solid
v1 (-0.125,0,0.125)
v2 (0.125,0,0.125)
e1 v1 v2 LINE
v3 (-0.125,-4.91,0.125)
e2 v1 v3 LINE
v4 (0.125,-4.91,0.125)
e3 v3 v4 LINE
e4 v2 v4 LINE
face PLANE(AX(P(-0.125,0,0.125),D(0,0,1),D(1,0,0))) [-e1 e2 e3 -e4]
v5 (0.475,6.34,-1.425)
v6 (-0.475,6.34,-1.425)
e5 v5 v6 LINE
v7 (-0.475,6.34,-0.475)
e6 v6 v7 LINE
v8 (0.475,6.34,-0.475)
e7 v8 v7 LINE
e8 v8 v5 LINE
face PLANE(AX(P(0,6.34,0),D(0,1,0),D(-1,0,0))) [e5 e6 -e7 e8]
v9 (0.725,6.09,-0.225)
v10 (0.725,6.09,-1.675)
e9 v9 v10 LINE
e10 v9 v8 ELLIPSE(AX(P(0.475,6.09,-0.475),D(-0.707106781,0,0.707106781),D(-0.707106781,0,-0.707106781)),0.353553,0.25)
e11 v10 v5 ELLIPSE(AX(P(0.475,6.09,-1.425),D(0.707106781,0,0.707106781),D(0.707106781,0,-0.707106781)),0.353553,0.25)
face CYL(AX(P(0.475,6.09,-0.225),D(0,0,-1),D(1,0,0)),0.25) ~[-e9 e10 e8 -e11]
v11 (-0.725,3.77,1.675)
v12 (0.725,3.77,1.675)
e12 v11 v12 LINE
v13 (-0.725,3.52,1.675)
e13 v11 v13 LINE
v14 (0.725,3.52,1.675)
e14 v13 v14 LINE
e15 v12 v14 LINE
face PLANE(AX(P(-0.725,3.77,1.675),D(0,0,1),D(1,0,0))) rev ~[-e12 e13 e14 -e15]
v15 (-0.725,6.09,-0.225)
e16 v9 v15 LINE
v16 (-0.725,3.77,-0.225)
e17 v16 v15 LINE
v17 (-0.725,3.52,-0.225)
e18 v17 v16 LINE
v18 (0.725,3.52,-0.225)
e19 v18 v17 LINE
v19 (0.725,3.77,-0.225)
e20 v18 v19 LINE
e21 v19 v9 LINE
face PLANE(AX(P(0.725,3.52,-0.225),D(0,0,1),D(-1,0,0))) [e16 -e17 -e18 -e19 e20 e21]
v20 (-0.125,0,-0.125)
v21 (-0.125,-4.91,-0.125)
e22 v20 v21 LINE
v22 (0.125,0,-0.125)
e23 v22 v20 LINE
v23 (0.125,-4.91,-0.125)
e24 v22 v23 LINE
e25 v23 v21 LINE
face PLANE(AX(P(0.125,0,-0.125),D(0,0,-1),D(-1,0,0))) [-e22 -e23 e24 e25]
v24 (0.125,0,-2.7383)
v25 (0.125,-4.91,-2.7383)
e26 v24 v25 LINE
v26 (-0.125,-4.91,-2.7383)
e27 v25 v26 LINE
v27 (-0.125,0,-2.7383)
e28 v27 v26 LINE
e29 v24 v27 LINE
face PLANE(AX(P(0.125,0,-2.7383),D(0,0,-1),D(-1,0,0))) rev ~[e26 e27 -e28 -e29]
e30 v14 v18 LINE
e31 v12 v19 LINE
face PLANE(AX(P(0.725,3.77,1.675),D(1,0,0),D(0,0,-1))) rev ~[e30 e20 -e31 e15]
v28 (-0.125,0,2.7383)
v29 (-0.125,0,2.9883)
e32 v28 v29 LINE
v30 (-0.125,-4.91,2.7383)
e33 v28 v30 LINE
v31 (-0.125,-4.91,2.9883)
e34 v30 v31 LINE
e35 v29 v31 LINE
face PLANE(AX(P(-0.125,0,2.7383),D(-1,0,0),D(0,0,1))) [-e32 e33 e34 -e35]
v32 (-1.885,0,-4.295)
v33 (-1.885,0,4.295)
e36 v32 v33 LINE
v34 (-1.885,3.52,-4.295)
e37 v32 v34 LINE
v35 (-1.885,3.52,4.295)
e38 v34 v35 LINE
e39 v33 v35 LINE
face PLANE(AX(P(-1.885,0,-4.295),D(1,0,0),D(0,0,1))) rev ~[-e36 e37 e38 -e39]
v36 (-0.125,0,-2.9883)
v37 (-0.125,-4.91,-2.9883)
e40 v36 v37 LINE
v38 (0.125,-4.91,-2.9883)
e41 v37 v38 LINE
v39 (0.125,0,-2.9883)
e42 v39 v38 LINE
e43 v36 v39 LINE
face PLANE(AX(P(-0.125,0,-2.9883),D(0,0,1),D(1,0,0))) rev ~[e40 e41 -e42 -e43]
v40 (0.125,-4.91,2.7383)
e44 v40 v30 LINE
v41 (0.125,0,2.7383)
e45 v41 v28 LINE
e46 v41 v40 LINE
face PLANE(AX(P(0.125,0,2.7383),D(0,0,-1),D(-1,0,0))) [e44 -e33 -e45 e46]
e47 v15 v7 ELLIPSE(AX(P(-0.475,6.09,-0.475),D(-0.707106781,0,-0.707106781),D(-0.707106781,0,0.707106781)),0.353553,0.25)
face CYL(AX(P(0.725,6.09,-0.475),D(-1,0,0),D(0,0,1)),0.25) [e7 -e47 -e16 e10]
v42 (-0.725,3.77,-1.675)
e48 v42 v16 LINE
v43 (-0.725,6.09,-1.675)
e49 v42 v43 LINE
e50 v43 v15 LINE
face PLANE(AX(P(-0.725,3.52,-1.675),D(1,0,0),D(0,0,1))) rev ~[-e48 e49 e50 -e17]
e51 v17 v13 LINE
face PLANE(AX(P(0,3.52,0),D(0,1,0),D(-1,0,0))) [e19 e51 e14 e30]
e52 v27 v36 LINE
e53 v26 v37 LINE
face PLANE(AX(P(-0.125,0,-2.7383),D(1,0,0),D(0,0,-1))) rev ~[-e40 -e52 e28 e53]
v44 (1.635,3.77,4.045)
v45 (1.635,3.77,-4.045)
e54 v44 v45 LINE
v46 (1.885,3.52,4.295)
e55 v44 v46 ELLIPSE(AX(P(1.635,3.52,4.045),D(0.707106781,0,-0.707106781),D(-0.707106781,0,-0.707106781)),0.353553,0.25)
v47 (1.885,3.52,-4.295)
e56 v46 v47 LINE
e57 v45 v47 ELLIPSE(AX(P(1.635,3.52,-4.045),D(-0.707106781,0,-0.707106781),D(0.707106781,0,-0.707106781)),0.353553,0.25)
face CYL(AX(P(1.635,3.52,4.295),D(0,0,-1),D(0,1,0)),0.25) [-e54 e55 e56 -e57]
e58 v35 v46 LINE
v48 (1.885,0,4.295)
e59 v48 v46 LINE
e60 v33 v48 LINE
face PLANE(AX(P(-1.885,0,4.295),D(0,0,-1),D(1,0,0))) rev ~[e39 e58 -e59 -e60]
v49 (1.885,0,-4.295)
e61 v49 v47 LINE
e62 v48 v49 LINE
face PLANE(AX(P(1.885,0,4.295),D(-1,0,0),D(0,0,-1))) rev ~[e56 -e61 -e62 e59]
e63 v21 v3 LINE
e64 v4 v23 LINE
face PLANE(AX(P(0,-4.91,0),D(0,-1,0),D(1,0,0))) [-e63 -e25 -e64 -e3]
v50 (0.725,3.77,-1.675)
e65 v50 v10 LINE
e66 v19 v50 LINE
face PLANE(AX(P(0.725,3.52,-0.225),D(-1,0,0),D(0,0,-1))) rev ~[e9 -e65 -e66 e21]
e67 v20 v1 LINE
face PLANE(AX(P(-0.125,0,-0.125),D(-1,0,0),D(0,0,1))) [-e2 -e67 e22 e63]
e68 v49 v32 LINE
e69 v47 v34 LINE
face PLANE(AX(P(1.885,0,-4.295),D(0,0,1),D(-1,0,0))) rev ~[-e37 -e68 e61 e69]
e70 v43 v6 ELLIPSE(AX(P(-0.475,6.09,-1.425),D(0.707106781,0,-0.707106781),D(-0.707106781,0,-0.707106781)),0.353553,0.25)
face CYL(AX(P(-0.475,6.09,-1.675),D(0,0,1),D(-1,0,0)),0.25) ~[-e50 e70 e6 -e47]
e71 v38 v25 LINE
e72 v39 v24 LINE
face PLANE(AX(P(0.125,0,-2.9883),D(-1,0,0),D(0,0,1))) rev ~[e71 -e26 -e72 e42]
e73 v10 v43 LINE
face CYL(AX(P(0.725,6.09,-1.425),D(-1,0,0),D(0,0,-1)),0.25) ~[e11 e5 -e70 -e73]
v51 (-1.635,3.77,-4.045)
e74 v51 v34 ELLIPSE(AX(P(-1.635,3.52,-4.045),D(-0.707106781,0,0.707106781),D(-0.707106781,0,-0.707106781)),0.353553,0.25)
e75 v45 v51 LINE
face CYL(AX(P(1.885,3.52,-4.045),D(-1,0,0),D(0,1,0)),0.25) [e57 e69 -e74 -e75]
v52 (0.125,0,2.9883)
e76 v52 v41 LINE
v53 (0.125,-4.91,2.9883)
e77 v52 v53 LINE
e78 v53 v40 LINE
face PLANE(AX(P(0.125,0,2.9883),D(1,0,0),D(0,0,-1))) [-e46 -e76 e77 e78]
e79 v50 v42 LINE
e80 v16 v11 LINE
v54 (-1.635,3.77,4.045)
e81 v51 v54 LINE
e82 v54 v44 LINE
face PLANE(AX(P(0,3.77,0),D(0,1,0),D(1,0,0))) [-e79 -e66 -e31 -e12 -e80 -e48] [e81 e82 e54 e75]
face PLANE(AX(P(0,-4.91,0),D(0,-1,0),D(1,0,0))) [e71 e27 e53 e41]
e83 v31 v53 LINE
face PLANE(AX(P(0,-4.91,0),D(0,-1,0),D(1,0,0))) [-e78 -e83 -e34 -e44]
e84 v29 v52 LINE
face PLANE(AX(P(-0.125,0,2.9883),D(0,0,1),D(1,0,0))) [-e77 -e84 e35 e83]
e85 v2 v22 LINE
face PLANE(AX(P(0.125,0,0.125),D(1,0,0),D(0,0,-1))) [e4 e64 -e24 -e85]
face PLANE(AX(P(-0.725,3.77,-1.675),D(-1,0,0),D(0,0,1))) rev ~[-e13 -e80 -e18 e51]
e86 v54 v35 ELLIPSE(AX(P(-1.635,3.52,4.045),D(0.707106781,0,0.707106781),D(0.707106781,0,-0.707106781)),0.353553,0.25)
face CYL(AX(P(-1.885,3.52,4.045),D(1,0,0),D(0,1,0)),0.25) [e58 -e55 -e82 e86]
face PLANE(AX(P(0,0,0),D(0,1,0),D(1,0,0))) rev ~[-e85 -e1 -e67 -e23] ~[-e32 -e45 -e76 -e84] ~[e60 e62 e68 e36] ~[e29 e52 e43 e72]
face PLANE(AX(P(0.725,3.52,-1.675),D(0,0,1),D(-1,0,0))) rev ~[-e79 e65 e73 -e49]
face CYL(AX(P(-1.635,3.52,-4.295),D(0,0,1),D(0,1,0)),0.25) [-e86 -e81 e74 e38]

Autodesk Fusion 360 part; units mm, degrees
sketch "Sketch1" plane through (0, 0, 0) normal (0, 1, 0) x (1, 0, 0)
  line L0 (1.885, 4.295) -> (-1.885, 4.295)
  line L1 (-1.885, 4.295) -> (-1.885, -4.295)
  line L2 (-1.885, -4.295) -> (1.885, -4.295)
  line L3 (1.885, -4.295) -> (1.885, 4.295)
  line L4 (1.885, 4.295) -> (-1.885, -4.295) construction
  line L5 (-1.885, 4.295) -> (1.885, -4.295) construction
  dimension "d1" = 3.77
  dimension "d2" = 8.59
extrude "Extrude1" add sketch "Sketch1" along normal blind 3.77
sketch "Sketch2" plane through (0, 3.77, 0) normal (0, 1, 0) x (-1, 0, 0)
  line L0 (-1.885, 4.295) -> (-1.885, -4.295)
  line L1 (-1.885, -4.295) -> (1.885, -4.295)
  line L2 (1.885, -4.295) -> (1.885, 4.295)
  line L3 (1.885, 4.295) -> (-1.885, 4.295)
  line L4 (0.725, 1.675) -> (-0.725, 1.675)
  line L5 (-0.725, 1.675) -> (-0.725, -1.675)
  line L6 (-0.725, -1.675) -> (0.725, -1.675)
  line L7 (0.725, -1.675) -> (0.725, 1.675)
  line L8 (0.725, 1.675) -> (-0.725, -1.675) construction
  line L9 (-0.725, 1.675) -> (0.725, -1.675) construction
  dimension "d5" = 1.45
  dimension "d6" = 3.35
extrude "Extrude2" cut sketch "Sketch2" against normal blind 0.25 contours L4 L5 L6 L7
sketch "Sketch3" plane through (0, 3.52, 0) normal (0, 1, 0) x (-1, 0, 0)
  line L0 (0.725, -1.675) -> (0.725, 1.675)
  line L1 (0.725, 1.675) -> (-0.725, 1.675)
  line L2 (-0.725, 1.675) -> (-0.725, -1.675)
  line L3 (-0.725, -1.675) -> (0.725, -1.675)
  line L4 (0.725, -1.675) -> (-0.725, -1.675)
  line L5 (-0.725, -1.675) -> (-0.725, -0.225)
  line L6 (-0.725, -0.225) -> (0.725, -0.225)
  line L7 (0.725, -0.225) -> (0.725, -1.675)
  dimension "d9" = 1.45
  dimension "d10" = 1.45
extrude "Extrude3" add sketch "Sketch3" along normal blind 2.82 contours L0 L2 L3 L4 L5 L6 L7
sketch "Sketch4" plane through (0, 0, 0) normal (0, -1, 0) x (1, 0, 0)
  line L0 (1.885, -4.295) -> (1.885, 4.295)
  line L1 (1.885, 4.295) -> (-1.885, 4.295)
  line L2 (-1.885, 4.295) -> (-1.885, -4.295)
  line L3 (-1.885, -4.295) -> (1.885, -4.295)
  line L4 (0, -4.295) -> (0, 4.295) construction
  line L5 (1.885, 0) -> (-1.885, 0) construction
  line L6 (0.125, -0.125) -> (-0.125, -0.125)
  line L7 (-0.125, -0.125) -> (-0.125, 0.125)
  line L8 (-0.125, 0.125) -> (0.125, 0.125)
  line L9 (0.125, 0.125) -> (0.125, -0.125)
  line L10 (0.125, -0.125) -> (-0.125, 0.125) construction
  line L11 (-0.125, -0.125) -> (0.125, 0.125) construction
  line L12 (0.125, 2.7383) -> (-0.125, 2.7383)
  line L13 (-0.125, 2.7383) -> (-0.125, 2.9883)
  line L14 (-0.125, 2.9883) -> (0.125, 2.9883)
  line L15 (0.125, 2.9883) -> (0.125, 2.7383)
  line L16 (0.125, 2.7383) -> (-0.125, 2.9883) construction
  line L17 (-0.125, 2.7383) -> (0.125, 2.9883) construction
  line L18 (0.125, -2.9883) -> (0.125, -2.7383)
  line L19 (0.125, -2.7383) -> (-0.125, -2.7383)
  line L20 (-0.125, -2.7383) -> (-0.125, -2.9883)
  line L21 (-0.125, -2.9883) -> (0.125, -2.9883)
  point P0 (0, 2.8633)
  point P1 (0, -2.8633)
  dimension "d14" = 0.25
  dimension "d15" = 0.25
  dimension "d16" = 0.25
  dimension "d17" = 0.25
  dimension "d18" = 2.8633
extrude "Extrude4" add sketch "Sketch4" along normal blind 4.91 contours L6 L7 L8 L9 | L12 L13 L14 L15 | L18 L19 L20 L21
fillet "Fillet1" radius 0.25 4 edges at (1.885, 3.77, 0) (0, 3.77, 4.295) (0, 3.77, -4.295) (-1.885, 3.77, 0)
fillet "Fillet2" radius 0.25 4 edges at (0.725, 6.34, -0.95) (0, 6.34, -1.675) (-0.725, 6.34, -0.95) (0, 6.34, -0.225)
